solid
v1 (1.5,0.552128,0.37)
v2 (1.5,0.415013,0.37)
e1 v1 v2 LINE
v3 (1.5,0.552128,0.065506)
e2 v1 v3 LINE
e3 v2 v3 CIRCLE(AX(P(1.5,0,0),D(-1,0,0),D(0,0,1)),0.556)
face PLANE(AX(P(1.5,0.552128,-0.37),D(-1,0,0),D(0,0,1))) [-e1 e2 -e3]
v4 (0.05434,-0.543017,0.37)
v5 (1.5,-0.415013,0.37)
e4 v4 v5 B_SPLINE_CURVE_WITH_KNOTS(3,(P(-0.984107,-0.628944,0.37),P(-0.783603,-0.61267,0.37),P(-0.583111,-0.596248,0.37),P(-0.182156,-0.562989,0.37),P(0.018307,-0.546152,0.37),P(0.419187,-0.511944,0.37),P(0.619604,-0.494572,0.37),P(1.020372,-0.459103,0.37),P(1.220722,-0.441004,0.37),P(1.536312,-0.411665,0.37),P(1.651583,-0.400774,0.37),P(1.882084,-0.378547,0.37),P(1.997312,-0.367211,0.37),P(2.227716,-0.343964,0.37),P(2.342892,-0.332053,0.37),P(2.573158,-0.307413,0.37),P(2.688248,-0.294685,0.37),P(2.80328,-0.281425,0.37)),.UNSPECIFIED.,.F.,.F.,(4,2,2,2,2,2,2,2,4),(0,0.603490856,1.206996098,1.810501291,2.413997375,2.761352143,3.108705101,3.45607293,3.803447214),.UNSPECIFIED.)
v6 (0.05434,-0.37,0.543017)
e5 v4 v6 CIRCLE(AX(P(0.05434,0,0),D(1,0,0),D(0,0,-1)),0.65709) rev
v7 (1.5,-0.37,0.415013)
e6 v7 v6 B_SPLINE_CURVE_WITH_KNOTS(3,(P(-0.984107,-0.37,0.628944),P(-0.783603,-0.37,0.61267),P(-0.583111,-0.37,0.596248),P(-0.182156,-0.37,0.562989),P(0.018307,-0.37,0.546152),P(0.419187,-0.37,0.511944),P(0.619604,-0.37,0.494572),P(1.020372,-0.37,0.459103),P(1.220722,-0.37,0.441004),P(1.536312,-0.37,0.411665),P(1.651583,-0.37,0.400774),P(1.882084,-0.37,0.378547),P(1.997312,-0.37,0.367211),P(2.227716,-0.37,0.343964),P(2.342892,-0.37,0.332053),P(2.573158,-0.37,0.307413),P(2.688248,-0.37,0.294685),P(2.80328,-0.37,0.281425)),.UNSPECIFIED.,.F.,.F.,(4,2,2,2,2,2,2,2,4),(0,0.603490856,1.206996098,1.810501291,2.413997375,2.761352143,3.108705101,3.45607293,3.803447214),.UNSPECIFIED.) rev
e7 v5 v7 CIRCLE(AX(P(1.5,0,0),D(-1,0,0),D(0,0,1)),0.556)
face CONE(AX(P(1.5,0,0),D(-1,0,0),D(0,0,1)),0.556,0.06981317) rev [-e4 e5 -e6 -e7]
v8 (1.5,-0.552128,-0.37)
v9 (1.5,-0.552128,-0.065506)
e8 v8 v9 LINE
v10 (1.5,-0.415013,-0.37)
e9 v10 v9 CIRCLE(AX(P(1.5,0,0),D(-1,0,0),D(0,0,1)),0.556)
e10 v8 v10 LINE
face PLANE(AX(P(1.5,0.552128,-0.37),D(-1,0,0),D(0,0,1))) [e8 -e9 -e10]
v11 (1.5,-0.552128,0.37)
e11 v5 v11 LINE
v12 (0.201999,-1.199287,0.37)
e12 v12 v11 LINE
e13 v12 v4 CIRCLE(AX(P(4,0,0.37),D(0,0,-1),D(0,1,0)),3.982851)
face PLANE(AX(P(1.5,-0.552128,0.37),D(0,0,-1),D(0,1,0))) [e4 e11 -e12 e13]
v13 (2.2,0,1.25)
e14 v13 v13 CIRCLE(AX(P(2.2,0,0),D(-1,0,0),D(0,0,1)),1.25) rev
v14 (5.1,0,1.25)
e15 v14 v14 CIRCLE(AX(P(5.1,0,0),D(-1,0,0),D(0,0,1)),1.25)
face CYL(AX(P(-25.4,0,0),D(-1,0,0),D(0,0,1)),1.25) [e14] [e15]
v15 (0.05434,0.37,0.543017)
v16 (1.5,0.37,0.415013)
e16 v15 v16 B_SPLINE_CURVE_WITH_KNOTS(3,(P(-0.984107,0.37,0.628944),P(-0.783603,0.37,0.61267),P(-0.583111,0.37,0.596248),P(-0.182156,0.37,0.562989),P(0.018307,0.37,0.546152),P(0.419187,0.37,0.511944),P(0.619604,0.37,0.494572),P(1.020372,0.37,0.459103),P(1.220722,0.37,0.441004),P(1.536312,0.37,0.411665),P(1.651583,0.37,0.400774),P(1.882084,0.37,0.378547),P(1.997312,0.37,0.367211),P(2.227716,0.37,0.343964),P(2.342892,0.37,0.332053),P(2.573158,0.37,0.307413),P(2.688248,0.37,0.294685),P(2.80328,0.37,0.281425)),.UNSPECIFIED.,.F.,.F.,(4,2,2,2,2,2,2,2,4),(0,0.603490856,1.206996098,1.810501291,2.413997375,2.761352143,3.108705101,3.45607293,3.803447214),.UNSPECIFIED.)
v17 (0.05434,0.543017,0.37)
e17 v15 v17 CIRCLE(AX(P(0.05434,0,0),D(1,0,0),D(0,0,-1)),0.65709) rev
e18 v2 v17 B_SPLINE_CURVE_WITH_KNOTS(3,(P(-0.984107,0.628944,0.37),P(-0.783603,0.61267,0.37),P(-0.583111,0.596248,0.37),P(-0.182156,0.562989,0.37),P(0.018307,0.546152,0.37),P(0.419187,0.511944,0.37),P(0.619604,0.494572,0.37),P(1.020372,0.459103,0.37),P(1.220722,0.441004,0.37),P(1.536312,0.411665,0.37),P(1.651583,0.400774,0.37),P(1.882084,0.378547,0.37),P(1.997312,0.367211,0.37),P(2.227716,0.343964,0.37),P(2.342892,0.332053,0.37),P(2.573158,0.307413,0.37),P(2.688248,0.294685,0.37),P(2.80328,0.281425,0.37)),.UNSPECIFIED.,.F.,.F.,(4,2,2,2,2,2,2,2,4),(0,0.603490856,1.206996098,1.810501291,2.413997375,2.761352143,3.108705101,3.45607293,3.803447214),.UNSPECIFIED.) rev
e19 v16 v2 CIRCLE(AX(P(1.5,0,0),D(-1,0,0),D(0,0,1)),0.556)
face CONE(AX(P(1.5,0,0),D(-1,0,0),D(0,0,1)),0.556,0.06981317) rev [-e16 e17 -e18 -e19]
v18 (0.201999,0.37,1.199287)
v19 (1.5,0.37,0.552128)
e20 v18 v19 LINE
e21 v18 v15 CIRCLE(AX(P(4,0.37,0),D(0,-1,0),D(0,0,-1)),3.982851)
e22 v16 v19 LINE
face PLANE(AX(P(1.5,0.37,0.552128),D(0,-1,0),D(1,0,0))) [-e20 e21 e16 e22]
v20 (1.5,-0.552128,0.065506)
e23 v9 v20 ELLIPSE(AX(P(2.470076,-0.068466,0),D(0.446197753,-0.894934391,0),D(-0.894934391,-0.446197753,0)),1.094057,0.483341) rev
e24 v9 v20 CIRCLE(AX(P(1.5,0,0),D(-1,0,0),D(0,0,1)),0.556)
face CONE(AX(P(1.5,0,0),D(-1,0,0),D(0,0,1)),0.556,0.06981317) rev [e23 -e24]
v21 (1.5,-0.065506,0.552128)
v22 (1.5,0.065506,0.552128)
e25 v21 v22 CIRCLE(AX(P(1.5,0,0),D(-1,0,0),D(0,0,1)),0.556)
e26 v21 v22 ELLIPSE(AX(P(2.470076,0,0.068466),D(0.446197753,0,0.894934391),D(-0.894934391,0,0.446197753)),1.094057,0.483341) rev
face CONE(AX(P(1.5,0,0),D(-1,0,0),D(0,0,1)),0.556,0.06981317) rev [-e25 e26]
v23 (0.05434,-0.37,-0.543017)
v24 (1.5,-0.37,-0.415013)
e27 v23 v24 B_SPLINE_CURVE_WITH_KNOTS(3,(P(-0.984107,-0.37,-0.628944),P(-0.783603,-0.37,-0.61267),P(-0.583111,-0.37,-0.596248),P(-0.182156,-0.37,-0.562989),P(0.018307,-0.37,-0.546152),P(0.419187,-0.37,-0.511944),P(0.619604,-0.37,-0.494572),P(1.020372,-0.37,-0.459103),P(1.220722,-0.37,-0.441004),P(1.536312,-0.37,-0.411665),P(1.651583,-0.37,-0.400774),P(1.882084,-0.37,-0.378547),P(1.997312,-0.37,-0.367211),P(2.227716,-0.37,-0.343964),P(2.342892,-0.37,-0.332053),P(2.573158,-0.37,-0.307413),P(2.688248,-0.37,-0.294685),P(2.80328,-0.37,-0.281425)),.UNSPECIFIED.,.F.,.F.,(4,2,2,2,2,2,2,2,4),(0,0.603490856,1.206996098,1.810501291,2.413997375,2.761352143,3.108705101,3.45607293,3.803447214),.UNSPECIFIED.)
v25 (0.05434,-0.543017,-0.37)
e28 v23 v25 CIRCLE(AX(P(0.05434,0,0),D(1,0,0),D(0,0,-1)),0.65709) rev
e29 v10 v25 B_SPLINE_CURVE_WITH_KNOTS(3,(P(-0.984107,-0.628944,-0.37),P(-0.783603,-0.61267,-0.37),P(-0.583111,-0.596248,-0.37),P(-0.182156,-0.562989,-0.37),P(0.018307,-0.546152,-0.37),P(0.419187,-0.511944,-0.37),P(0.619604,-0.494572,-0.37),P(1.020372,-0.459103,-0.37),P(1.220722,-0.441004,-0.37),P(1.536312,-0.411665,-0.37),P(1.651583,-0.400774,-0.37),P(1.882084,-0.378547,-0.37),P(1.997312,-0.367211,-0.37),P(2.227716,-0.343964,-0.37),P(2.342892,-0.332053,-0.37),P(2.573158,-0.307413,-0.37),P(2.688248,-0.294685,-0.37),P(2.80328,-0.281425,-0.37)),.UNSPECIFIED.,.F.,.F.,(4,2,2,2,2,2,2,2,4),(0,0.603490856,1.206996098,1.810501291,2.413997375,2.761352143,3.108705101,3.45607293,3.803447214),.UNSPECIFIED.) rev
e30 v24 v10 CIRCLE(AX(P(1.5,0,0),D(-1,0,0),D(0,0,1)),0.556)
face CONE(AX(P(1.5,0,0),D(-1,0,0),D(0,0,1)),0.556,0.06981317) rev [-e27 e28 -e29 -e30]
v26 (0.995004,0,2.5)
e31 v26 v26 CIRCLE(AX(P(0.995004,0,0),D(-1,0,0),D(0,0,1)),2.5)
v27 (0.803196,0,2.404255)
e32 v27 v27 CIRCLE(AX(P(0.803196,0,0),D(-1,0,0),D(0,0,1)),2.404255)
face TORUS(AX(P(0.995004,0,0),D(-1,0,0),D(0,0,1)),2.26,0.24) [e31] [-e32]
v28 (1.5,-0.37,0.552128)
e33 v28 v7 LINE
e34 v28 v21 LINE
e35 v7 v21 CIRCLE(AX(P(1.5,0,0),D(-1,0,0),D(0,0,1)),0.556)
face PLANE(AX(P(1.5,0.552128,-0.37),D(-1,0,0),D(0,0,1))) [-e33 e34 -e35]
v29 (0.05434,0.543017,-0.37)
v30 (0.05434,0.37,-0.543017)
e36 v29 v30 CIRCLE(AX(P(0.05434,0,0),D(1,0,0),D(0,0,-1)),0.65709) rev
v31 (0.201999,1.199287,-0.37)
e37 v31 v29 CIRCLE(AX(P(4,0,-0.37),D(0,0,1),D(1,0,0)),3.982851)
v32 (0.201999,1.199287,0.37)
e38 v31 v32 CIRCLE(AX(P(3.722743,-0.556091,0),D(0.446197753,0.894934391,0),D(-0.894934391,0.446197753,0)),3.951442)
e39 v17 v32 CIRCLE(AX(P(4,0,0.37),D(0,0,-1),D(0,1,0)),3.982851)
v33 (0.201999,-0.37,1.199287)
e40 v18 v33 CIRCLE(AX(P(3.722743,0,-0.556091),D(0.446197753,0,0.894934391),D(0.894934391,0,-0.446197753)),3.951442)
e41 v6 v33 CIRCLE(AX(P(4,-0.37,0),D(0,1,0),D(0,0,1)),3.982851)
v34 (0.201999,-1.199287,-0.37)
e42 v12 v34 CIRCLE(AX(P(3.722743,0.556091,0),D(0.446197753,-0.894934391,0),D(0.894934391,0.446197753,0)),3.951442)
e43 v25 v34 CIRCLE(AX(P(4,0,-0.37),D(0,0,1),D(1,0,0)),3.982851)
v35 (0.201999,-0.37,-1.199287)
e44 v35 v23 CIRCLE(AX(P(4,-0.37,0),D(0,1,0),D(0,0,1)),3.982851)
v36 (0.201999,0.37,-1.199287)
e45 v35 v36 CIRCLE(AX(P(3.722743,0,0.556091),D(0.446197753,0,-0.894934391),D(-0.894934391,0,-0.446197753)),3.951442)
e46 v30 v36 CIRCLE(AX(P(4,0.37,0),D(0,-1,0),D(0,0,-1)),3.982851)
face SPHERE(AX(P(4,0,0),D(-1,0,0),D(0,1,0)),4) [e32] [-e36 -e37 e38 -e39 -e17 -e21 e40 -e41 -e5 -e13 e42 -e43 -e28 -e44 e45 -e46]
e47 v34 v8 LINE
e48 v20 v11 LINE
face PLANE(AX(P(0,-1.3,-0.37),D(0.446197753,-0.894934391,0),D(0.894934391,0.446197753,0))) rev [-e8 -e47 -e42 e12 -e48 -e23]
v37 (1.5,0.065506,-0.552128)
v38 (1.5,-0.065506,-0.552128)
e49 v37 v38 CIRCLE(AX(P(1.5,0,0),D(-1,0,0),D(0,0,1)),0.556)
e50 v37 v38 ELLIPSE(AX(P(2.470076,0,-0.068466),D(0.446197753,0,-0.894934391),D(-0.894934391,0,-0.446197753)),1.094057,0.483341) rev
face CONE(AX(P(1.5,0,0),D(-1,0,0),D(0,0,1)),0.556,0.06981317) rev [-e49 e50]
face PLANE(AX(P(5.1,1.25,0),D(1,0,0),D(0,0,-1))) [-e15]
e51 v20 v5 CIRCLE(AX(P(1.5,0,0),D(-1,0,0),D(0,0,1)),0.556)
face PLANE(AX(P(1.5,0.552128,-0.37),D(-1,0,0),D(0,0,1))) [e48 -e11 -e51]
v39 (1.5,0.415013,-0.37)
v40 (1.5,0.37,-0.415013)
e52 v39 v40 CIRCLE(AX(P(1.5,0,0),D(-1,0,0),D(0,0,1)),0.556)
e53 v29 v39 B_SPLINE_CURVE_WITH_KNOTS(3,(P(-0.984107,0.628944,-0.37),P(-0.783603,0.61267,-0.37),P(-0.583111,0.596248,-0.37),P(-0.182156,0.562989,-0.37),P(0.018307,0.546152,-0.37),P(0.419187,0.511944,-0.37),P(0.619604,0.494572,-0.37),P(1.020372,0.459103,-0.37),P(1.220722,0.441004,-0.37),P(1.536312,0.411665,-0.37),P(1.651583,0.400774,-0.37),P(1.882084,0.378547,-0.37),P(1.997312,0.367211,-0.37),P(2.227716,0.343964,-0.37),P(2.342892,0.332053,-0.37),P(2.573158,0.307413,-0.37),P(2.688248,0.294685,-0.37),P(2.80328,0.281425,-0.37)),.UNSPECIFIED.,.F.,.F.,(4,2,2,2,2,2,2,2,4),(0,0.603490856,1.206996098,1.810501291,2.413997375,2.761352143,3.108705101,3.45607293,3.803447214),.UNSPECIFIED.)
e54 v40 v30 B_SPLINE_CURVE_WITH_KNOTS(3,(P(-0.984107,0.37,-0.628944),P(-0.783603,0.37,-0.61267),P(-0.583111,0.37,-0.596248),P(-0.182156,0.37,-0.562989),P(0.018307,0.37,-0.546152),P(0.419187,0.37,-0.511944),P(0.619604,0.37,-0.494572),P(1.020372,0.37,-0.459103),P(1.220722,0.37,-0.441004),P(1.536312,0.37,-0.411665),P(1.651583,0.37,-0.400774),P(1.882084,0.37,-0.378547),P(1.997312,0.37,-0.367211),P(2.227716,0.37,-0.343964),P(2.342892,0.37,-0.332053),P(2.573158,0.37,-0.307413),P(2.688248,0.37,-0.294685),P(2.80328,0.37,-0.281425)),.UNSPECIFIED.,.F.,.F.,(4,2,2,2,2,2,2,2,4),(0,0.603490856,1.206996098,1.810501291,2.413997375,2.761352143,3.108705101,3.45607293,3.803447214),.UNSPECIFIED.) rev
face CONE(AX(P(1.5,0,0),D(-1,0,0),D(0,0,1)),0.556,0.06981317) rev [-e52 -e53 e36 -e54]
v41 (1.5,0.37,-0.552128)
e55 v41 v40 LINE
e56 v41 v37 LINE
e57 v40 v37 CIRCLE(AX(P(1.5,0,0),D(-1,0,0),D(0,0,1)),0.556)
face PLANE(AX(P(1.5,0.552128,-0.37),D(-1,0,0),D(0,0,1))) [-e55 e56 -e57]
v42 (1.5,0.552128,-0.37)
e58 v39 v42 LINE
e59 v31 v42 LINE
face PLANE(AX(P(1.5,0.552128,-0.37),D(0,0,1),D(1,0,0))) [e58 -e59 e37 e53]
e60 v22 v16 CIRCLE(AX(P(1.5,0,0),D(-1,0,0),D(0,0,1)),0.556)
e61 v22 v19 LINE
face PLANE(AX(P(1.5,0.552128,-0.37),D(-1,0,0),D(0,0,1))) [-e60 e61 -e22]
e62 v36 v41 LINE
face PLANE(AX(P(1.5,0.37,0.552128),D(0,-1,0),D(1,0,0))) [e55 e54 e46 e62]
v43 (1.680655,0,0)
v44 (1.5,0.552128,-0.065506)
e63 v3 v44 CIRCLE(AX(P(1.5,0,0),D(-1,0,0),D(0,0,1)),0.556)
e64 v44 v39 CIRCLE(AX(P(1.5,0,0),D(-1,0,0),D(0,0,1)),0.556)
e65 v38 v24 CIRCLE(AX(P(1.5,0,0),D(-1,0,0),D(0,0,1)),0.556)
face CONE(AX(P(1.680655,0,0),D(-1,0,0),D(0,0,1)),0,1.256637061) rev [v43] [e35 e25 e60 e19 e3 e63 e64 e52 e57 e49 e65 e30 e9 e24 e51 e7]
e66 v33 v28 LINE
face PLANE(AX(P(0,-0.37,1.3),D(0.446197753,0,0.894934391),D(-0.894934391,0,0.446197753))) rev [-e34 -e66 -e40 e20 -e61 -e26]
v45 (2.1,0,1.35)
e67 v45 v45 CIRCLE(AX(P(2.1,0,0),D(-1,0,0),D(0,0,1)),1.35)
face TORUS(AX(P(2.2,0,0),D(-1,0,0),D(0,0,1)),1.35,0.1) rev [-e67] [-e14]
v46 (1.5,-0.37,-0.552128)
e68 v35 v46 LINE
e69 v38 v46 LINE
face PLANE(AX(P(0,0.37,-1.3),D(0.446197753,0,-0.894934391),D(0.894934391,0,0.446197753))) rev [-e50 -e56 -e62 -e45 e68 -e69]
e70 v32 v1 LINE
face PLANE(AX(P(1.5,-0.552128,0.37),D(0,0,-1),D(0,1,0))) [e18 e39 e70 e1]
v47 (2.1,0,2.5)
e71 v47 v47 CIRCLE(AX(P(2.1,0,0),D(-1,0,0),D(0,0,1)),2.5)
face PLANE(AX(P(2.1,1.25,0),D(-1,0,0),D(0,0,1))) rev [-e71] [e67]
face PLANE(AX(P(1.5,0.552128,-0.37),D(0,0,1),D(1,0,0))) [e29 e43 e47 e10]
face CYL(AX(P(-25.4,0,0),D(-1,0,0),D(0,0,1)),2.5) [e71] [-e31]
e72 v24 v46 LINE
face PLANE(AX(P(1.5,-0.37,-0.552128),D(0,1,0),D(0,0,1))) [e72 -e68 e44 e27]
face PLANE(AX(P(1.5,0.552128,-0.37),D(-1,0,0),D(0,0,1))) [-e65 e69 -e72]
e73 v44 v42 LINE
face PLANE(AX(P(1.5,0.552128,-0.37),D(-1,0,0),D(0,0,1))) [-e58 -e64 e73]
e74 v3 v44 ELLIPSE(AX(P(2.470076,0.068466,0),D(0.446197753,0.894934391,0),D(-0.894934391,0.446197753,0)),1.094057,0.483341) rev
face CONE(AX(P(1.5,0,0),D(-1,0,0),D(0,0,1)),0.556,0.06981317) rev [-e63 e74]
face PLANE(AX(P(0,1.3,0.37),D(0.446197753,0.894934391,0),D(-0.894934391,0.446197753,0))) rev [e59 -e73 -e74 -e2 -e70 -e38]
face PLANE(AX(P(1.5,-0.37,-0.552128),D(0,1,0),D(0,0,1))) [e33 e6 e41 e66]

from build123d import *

# Parameters (mm, degrees)
FILLET1_R    = 0.1
RECPAT_COUNT = 2
RECPAT_ANGLE = 90


with BuildPart() as part:
    # BodySke → Base-Revolve (revolve)
    with BuildSketch(Plane.XY, mode=Mode.PRIVATE) as base_revolve_sk:
        with BuildLine():
            Line((2.1, 1.25), (2.1, 2.5))
            Line((2.1, 2.5), (0.99500416, 2.5))
            ThreePointArc((0.99500416, 2.5), (0.88781572, 2.474733878), (0.803195915, 2.404255319))
            ThreePointArc((0.803195915, 2.404255319), (0.206109099, 1.267435138), (0, 0))
            Line((0, 0), (5.1, 0))
            Line((5.1, 0), (5.1, 1.25))
            Line((5.1, 1.25), (2.1, 1.25))
        make_face()
    revolve(base_revolve_sk.sketch.rotate(Axis((0.99500416, 0, 0), (1, 0, 0)), 90), axis=Axis((0.99500416, 0, 0), (1, 0, 0)))

    # Fillet1
    fillet1_edges = [part.edges().sort_by_distance(p)[0] for p in [
        (2.1, 0, -1.25),
    ]]
    fillet(fillet1_edges, radius=FILLET1_R)

    # Sketch3 → Recess section 0
    with BuildSketch(Plane(origin=(0, 0, 0), x_dir=(0, 0, -1), z_dir=(1, 0, 0))):
        with BuildLine():
            Line((0.37, -1.3), (-0.37, -1.3))
            Line((-0.37, -1.3), (-0.37, 1.3))
            Line((-0.37, 1.3), (0.37, 1.3))
            Line((0.37, 1.3), (0.37, -1.3))
        make_face()
    # Sketch4 → Recess section 1
    with BuildSketch(Plane(origin=(1.5, 0, 0), x_dir=(0, 0, -1), z_dir=(1, 0, 0))):
        with BuildLine():
            Line((0.37, -0.552127713), (-0.37, -0.552127713))
            Line((-0.37, -0.552127713), (-0.37, 0.552127713))
            Line((-0.37, 0.552127713), (0.37, 0.552127713))
            Line((0.37, 0.552127713), (0.37, -0.552127713))
        make_face()
    recess = loft(mode=Mode.SUBTRACT)

    # RecPat: Recess ×2 about axis
    recpat_axis = Axis((0, 0, 0), (1, 0, 0))
    for i in range(1, RECPAT_COUNT):
        add(recess.rotate(recpat_axis, i * RECPAT_ANGLE / (RECPAT_COUNT - 1)), mode=Mode.SUBTRACT)

    # RecCorSke → RecessCore (revolve, cut)
    with BuildSketch(Plane.XY, mode=Mode.PRIVATE) as recesscore_sk:
        Polygon((0, 0), (0, 0.660890218), (1.5, 0.556), (1.680655351, 0), align=None)
    revolve(recesscore_sk.sketch.rotate(Axis((-3.175, 0, 0), (1, 0, 0)), 342.85413457), axis=Axis((-3.175, 0, 0), (1, 0, 0)), mode=Mode.SUBTRACT)


solid = part.part
